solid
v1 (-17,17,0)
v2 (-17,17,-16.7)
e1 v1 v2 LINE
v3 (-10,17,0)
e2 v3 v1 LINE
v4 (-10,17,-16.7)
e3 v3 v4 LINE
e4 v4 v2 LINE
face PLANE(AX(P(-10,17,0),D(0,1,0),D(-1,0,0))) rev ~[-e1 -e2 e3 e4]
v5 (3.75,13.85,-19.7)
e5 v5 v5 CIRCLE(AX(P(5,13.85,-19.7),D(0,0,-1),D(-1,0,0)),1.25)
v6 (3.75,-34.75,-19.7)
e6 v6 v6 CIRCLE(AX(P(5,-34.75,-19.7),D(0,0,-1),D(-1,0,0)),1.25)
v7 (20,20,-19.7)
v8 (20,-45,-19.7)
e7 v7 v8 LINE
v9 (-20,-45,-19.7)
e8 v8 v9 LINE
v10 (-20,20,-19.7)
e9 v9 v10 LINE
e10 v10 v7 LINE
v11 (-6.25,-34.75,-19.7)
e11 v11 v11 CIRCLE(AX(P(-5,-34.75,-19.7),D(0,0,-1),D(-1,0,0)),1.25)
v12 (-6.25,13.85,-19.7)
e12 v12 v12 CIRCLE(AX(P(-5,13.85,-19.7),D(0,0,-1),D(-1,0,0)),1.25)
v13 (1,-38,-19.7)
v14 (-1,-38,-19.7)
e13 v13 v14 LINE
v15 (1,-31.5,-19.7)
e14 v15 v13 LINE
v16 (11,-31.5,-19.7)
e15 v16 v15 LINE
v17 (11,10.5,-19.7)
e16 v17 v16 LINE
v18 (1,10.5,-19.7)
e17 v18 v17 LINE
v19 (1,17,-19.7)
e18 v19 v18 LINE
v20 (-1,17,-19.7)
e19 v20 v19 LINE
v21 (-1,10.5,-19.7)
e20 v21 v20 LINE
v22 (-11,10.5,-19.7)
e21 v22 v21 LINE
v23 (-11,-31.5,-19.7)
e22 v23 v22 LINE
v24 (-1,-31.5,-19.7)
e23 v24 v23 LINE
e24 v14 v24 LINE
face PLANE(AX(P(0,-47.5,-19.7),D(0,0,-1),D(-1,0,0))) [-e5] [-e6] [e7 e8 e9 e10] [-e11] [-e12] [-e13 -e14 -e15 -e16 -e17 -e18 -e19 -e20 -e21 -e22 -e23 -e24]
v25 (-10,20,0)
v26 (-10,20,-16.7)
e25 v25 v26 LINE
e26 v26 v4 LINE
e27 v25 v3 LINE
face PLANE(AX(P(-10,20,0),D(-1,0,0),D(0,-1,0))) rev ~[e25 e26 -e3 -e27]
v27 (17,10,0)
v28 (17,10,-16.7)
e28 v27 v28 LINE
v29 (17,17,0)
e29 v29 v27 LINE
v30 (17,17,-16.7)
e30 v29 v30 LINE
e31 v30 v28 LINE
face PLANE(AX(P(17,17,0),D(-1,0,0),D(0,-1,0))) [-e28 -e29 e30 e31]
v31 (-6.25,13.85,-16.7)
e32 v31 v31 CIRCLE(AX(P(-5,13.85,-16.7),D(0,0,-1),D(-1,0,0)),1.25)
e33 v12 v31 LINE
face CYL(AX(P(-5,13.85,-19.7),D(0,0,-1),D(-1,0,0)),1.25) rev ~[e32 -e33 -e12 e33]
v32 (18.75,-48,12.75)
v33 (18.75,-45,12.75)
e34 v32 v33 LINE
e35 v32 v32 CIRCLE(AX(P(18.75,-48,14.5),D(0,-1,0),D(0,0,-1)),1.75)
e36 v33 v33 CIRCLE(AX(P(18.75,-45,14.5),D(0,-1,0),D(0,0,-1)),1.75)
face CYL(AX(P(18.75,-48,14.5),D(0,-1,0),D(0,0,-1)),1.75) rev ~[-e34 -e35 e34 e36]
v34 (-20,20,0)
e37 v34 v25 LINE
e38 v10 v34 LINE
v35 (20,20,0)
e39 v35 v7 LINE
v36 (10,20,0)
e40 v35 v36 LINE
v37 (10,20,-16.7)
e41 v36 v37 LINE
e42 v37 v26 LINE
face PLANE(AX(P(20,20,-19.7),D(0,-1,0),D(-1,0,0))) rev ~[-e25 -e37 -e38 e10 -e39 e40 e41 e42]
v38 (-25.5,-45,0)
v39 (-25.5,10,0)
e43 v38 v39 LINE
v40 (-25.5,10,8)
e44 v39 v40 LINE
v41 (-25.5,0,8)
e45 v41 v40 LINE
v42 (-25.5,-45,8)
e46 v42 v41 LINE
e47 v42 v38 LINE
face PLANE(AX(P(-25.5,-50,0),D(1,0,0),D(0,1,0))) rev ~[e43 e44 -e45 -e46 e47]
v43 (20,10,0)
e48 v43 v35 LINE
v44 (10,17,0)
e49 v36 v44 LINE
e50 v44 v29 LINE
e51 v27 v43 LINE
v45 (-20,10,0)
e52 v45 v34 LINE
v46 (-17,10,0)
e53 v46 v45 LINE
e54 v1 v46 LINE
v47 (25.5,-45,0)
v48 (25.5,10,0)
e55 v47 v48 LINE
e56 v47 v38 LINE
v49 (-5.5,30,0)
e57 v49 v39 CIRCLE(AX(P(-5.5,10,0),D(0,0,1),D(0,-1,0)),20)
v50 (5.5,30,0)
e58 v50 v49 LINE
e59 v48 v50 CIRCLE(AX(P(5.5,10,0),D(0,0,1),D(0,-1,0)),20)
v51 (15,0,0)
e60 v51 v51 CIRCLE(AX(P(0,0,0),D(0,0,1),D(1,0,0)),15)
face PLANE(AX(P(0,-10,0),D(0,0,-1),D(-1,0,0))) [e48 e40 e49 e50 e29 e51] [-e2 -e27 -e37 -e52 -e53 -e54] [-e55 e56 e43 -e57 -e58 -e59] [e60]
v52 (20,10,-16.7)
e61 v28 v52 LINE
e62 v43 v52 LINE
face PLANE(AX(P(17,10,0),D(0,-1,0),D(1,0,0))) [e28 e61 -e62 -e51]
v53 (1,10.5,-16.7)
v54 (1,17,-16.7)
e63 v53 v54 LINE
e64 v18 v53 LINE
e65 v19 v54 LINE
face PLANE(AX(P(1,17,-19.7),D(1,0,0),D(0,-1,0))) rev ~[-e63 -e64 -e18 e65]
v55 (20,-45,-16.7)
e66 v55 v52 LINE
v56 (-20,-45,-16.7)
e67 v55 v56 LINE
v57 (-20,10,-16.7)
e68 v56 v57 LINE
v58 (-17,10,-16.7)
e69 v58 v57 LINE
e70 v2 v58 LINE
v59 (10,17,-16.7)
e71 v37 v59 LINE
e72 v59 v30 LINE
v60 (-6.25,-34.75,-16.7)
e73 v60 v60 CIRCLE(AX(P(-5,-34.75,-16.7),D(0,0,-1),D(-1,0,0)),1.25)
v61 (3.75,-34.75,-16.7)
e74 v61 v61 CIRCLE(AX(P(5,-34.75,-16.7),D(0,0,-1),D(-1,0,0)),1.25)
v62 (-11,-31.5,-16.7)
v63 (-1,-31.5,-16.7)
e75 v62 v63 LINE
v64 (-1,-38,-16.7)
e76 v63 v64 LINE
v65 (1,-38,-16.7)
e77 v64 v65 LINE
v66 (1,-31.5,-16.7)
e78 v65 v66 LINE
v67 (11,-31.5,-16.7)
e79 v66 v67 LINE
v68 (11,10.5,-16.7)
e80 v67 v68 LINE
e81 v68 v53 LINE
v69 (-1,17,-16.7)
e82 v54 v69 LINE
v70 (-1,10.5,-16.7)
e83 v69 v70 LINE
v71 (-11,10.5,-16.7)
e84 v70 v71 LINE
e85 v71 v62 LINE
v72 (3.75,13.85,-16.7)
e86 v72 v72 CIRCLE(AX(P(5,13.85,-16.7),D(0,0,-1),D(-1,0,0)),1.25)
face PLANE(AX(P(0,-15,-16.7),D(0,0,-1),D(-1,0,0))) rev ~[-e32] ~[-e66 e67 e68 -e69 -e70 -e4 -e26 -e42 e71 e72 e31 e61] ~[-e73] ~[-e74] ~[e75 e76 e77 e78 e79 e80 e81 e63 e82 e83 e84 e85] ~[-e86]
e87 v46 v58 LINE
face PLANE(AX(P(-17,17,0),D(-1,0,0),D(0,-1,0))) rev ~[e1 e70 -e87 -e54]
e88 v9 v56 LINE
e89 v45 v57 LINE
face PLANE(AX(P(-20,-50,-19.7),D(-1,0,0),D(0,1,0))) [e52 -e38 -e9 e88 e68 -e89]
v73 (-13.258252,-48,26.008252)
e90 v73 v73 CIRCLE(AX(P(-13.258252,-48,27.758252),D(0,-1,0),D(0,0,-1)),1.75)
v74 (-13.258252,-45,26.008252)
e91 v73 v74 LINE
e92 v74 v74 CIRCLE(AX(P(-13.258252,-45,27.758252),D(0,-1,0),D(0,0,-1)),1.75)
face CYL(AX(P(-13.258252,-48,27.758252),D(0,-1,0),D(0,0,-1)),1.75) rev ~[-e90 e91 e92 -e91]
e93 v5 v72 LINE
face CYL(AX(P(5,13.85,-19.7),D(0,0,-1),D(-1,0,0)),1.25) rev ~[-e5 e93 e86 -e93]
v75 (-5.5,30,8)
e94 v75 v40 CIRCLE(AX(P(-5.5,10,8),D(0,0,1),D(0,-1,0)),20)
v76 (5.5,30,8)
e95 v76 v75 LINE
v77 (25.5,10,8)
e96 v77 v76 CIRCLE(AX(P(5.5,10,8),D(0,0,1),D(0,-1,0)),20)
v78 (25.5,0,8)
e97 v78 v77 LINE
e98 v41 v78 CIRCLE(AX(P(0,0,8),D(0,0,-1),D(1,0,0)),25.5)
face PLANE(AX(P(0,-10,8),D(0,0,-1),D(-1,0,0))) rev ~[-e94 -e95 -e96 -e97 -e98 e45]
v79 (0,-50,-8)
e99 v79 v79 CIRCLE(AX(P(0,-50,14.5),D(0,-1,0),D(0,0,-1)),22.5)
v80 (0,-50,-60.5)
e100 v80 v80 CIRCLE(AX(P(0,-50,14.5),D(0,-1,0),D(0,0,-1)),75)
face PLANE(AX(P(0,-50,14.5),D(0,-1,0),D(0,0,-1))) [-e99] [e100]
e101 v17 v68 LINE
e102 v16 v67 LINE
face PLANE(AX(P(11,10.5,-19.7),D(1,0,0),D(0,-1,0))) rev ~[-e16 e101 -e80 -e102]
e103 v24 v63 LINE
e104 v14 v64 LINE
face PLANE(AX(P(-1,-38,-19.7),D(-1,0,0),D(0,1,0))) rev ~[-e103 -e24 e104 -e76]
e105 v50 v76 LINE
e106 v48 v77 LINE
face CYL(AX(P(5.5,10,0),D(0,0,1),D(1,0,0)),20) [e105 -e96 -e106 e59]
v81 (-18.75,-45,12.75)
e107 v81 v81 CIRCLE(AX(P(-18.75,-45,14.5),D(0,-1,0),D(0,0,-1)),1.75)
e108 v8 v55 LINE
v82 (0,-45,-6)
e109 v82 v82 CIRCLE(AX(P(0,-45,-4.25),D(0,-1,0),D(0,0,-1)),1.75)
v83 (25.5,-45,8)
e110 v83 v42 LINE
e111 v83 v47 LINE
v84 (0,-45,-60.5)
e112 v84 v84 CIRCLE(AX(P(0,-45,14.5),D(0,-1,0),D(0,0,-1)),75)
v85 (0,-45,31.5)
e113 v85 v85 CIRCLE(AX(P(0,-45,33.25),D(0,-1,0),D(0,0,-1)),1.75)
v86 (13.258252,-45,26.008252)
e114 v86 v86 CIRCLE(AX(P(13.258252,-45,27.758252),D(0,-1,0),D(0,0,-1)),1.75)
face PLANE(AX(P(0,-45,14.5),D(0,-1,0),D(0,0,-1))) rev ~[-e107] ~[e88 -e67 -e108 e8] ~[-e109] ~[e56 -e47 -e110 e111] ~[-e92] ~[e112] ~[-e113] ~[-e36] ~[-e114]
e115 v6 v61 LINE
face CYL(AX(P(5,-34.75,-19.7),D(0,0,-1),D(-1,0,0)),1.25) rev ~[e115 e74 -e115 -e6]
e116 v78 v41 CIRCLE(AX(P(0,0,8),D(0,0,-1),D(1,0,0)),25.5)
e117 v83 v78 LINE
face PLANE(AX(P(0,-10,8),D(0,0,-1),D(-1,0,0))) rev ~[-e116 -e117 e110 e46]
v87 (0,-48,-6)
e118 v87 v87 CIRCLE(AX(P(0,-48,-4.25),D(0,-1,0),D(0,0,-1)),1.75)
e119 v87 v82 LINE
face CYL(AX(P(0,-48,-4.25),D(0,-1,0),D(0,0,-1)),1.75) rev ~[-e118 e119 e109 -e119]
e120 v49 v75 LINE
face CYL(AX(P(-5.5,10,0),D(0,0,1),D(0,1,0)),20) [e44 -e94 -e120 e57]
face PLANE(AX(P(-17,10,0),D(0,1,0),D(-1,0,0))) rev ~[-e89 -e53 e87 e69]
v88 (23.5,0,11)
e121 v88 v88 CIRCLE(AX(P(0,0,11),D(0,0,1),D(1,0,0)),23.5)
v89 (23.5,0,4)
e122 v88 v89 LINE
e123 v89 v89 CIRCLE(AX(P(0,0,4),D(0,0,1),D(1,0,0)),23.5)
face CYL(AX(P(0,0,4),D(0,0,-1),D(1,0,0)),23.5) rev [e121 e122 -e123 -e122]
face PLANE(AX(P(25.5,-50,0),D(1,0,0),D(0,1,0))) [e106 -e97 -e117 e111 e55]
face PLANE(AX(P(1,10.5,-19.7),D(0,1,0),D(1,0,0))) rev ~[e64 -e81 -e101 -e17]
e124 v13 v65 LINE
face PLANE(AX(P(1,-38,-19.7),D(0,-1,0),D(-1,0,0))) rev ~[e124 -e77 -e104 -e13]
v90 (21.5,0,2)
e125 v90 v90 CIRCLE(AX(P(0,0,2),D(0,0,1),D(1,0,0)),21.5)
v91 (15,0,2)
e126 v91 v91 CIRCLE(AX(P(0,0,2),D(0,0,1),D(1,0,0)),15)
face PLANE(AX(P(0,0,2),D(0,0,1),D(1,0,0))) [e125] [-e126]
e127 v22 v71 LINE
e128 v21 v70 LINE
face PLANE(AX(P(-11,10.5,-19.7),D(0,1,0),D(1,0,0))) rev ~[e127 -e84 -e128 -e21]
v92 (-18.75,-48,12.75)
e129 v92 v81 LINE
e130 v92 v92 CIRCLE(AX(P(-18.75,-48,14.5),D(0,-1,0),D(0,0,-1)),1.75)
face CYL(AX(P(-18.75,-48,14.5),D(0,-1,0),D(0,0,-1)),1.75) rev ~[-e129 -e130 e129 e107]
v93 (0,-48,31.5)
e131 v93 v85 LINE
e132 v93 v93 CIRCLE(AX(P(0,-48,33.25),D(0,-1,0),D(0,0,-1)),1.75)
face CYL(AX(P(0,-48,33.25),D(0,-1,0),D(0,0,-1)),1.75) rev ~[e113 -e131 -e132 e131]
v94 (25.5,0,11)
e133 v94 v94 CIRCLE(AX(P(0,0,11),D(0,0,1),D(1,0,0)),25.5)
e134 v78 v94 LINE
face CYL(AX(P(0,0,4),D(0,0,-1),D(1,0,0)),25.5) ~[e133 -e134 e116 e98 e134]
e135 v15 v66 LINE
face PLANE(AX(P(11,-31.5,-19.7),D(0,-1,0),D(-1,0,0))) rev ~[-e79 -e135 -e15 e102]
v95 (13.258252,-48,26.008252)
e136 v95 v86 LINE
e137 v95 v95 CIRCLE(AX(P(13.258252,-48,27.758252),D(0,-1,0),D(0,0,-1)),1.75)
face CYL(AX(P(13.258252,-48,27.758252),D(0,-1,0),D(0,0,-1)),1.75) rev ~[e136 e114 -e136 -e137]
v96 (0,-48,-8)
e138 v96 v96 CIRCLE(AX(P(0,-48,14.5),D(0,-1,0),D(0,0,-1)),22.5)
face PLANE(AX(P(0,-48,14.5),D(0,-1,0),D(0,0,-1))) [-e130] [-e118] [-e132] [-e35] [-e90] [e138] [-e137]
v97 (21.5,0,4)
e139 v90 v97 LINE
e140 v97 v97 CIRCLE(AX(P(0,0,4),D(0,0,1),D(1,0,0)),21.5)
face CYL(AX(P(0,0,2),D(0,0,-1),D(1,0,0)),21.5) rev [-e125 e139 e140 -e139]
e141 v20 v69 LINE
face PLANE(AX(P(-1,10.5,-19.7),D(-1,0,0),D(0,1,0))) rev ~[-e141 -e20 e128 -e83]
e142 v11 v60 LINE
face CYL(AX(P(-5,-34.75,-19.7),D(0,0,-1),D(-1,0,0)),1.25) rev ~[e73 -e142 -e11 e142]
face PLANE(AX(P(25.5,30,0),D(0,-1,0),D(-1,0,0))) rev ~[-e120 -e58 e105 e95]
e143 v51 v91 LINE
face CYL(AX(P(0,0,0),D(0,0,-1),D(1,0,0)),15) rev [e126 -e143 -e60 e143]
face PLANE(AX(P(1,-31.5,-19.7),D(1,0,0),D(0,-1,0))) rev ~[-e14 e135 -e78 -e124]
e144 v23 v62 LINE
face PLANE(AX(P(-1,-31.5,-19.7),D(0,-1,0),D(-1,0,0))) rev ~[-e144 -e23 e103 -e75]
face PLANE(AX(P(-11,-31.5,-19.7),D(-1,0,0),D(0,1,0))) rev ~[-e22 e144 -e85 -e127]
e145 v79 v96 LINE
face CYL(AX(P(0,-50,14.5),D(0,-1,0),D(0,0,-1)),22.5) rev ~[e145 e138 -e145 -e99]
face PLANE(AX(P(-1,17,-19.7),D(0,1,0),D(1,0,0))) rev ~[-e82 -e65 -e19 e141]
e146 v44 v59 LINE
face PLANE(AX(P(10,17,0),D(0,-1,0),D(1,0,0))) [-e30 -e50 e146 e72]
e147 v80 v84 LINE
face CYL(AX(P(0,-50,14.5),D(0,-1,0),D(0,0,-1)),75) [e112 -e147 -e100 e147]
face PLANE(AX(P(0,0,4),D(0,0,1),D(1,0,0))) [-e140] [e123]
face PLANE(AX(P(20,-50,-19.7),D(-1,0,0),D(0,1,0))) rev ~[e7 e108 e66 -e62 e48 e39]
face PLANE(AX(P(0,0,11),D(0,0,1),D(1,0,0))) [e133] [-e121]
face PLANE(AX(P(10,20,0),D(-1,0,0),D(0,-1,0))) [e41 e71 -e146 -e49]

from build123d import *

# Parameters (mm, degrees)
SKETCH_1_R          = 25.5
SKETCH_1_R_2        = 15
EXTRUDE_1_DEPTH     = 2
SKETCH_2_R          = 25.5
SKETCH_2_R_2        = 21.5
EXTRUDE_2_DEPTH     = 2
SKETCH_3_R          = 25.5
SKETCH_3_R_2        = 23.5
EXTRUDE_3_DEPTH     = 7
SKETCH_4_W          = 51
SKETCH_4_H          = 80
SKETCH_4_R          = 23.5
EXTRUDE_4_DEPTH     = 8
FILLET_1_R          = 20
SKETCH_5_W          = 51
SKETCH_5_H          = 5
EXTRUDE_5_DEPTH     = 19.7
SKETCH_6_W          = 40
SKETCH_6_H          = 70
EXTRUDE_6_DEPTH     = 3
CUT_EXTRUDE_1_REACH = 65.975
SKETCH_7_R          = 1.25
SKETCH_8_R          = 75
EXTRUDE_7_DEPTH     = 5
SKETCH_9_R          = 22.5
CUT_EXTRUDE_2_DEPTH = 2
CUT_EXTRUDE_3_REACH = 142.425
SKETCH_10_R         = 1.75


with BuildPart() as part:
    # 스케치1 → 보스-돌출1 (new body)
    with BuildSketch(Plane.XY):
        Circle(SKETCH_1_R)
        Circle(SKETCH_1_R_2, mode=Mode.SUBTRACT)
    extrude(amount=EXTRUDE_1_DEPTH)

    # 스케치2 → 보스-돌출2 (add)
    with BuildSketch(Plane.XY.offset(2)):
        Circle(SKETCH_2_R)
        Circle(SKETCH_2_R_2, mode=Mode.SUBTRACT)
    extrude(amount=EXTRUDE_2_DEPTH)

    # 스케치3 → 보스-돌출3 (add)
    with BuildSketch(Plane.XY.offset(4)):
        Circle(SKETCH_3_R)
        Circle(SKETCH_3_R_2, mode=Mode.SUBTRACT)
    extrude(amount=EXTRUDE_3_DEPTH)

    # 스케치4 → 보스-돌출4 (add)
    with BuildSketch(Plane(origin=(0, 0, 0), x_dir=(-1, 0, 0), z_dir=(0, 0, -1))):
        with Locations((0, -10)):
            Rectangle(SKETCH_4_W, SKETCH_4_H)
        with Locations(Location((0, 0, 0), (0, 0, 180))):
            Circle(SKETCH_4_R, mode=Mode.SUBTRACT)
    extrude(amount=-EXTRUDE_4_DEPTH)

    # 필렛1
    fillet_1_edges = [part.edges().sort_by_distance(p)[0] for p in [
        (-25.5, 30, 4),
        (25.5, 30, 4),
    ]]
    fillet(fillet_1_edges, radius=FILLET_1_R)

    # 스케치5 → 보스-돌출5 (add)
    with BuildSketch(Plane(origin=(0, 0, 0), x_dir=(-1, 0, 0), z_dir=(0, 0, -1))):
        Polygon((-20, 20), (-10, 20), (-10, 17), (-17, 17), (-17, 10), (-20, 10), align=None)
        Polygon((20, 20), (10, 20), (10, 17), (17, 17), (17, 10), (20, 10), align=None)
        with Locations((0, -47.5)):
            Rectangle(SKETCH_5_W, SKETCH_5_H)
    extrude(amount=EXTRUDE_5_DEPTH)

    # 스케치6 → 보스-돌출6 (add)
    with BuildSketch(Plane(origin=(0, 0, -19.7), x_dir=(-1, 0, 0), z_dir=(0, 0, -1))):
        with Locations((0, -15)):
            Rectangle(SKETCH_6_W, SKETCH_6_H)
    extrude(amount=-EXTRUDE_6_DEPTH)

    # 스케치7 → 컷-돌출1 (cut, up to next)
    with BuildSketch(Plane(origin=(0, 0, -19.7), x_dir=(-1, 0, 0), z_dir=(0, 0, -1)), mode=Mode.PRIVATE) as cut_extrude_1_sk1:
        with Locations((-5, 13.85)):
            Circle(SKETCH_7_R)
    cut_extrude_1_tool1 = extrude(cut_extrude_1_sk1.sketch, amount=-CUT_EXTRUDE_1_REACH, mode=Mode.PRIVATE) & part.part
    # 스케치7 → 컷-돌출1 (cut, up to next)
    with BuildSketch(Plane(origin=(0, 0, -19.7), x_dir=(-1, 0, 0), z_dir=(0, 0, -1)), mode=Mode.PRIVATE) as cut_extrude_1_sk2:
        with Locations((5, 13.85)):
            Circle(SKETCH_7_R)
    cut_extrude_1_tool2 = extrude(cut_extrude_1_sk2.sketch, amount=-CUT_EXTRUDE_1_REACH, mode=Mode.PRIVATE) & part.part
    # 스케치7 → 컷-돌출1 (cut, up to next)
    with BuildSketch(Plane(origin=(0, 0, -19.7), x_dir=(-1, 0, 0), z_dir=(0, 0, -1)), mode=Mode.PRIVATE) as cut_extrude_1_sk3:
        with Locations((5, -34.75)):
            Circle(SKETCH_7_R)
    cut_extrude_1_tool3 = extrude(cut_extrude_1_sk3.sketch, amount=-CUT_EXTRUDE_1_REACH, mode=Mode.PRIVATE) & part.part
    # 스케치7 → 컷-돌출1 (cut, up to next)
    with BuildSketch(Plane(origin=(0, 0, -19.7), x_dir=(-1, 0, 0), z_dir=(0, 0, -1)), mode=Mode.PRIVATE) as cut_extrude_1_sk4:
        with Locations((-5, -34.75)):
            Circle(SKETCH_7_R)
    cut_extrude_1_tool4 = extrude(cut_extrude_1_sk4.sketch, amount=-CUT_EXTRUDE_1_REACH, mode=Mode.PRIVATE) & part.part
    # 스케치7 → 컷-돌출1 (cut, up to next)
    with BuildSketch(Plane(origin=(0, 0, -19.7), x_dir=(-1, 0, 0), z_dir=(0, 0, -1)), mode=Mode.PRIVATE) as cut_extrude_1_sk5:
        Polygon((-11, -31.5), (-1, -31.5), (-1, -38), (1, -38), (1, -31.5), (11, -31.5), (11, 10.5), (1, 10.5), (1, 17), (-1, 17), (-1, 10.5), (-11, 10.5), align=None)
    cut_extrude_1_tool5 = extrude(cut_extrude_1_sk5.sketch, amount=-CUT_EXTRUDE_1_REACH, mode=Mode.PRIVATE) & part.part
    add(cut_extrude_1_tool1.solids().sort_by_distance((5, 13.85, -19.7))[0], mode=Mode.SUBTRACT)
    add(cut_extrude_1_tool2.solids().sort_by_distance((-5, 13.85, -19.7))[0], mode=Mode.SUBTRACT)
    add(cut_extrude_1_tool3.solids().sort_by_distance((-5, -34.75, -19.7))[0], mode=Mode.SUBTRACT)
    add(cut_extrude_1_tool4.solids().sort_by_distance((5, -34.75, -19.7))[0], mode=Mode.SUBTRACT)
    add(cut_extrude_1_tool5.solids().sort_by_distance((0, -10.5, -19.7))[0], mode=Mode.SUBTRACT)

    # 스케치8 → 보스-돌출7 (add)
    with BuildSketch(Plane.XZ.offset(50)):
        with Locations(Location((0, 14.5, 0), (0, 0, 270))):
            Circle(SKETCH_8_R)
    extrude(amount=-EXTRUDE_7_DEPTH)

    # 스케치9 → 컷-돌출2 (cut)
    with BuildSketch(Plane.XZ.offset(50)):
        with Locations(Location((0, 14.5, 0), (0, 0, 270))):
            Circle(SKETCH_9_R)
    extrude(amount=-CUT_EXTRUDE_2_DEPTH, mode=Mode.SUBTRACT)

    # 스케치10 → 컷-돌출3 (cut, up to next)
    with BuildSketch(Plane.XZ.offset(48), mode=Mode.PRIVATE) as cut_extrude_3_sk1:
        with Locations(Location((0, 33.25, 0), (0, 0, 270))):
            Circle(SKETCH_10_R)
    cut_extrude_3_tool1 = extrude(cut_extrude_3_sk1.sketch, amount=-CUT_EXTRUDE_3_REACH, mode=Mode.PRIVATE) & part.part
    # 스케치10 → 컷-돌출3 (cut, up to next)
    with BuildSketch(Plane.XZ.offset(48), mode=Mode.PRIVATE) as cut_extrude_3_sk2:
        with Locations(Location((13.258252147, 27.758252147, 0), (0, 0, 270))):
            Circle(SKETCH_10_R)
    cut_extrude_3_tool2 = extrude(cut_extrude_3_sk2.sketch, amount=-CUT_EXTRUDE_3_REACH, mode=Mode.PRIVATE) & part.part
    # 스케치10 → 컷-돌출3 (cut, up to next)
    with BuildSketch(Plane.XZ.offset(48), mode=Mode.PRIVATE) as cut_extrude_3_sk3:
        with Locations(Location((18.75, 14.5, 0), (0, 0, 270))):
            Circle(SKETCH_10_R)
    cut_extrude_3_tool3 = extrude(cut_extrude_3_sk3.sketch, amount=-CUT_EXTRUDE_3_REACH, mode=Mode.PRIVATE) & part.part
    # 스케치10 → 컷-돌출3 (cut, up to next)
    with BuildSketch(Plane.XZ.offset(48), mode=Mode.PRIVATE) as cut_extrude_3_sk4:
        with Locations(Location((0, -4.25, 0), (0, 0, 270))):
            Circle(SKETCH_10_R)
    cut_extrude_3_tool4 = extrude(cut_extrude_3_sk4.sketch, amount=-CUT_EXTRUDE_3_REACH, mode=Mode.PRIVATE) & part.part
    # 스케치10 → 컷-돌출3 (cut, up to next)
    with BuildSketch(Plane.XZ.offset(48), mode=Mode.PRIVATE) as cut_extrude_3_sk5:
        with Locations(Location((-18.75, 14.5, 0), (0, 0, 270))):
            Circle(SKETCH_10_R)
    cut_extrude_3_tool5 = extrude(cut_extrude_3_sk5.sketch, amount=-CUT_EXTRUDE_3_REACH, mode=Mode.PRIVATE) & part.part
    # 스케치10 → 컷-돌출3 (cut, up to next)
    with BuildSketch(Plane.XZ.offset(48), mode=Mode.PRIVATE) as cut_extrude_3_sk6:
        with Locations(Location((-13.258252147, 27.758252147, 0), (0, 0, 270))):
            Circle(SKETCH_10_R)
    cut_extrude_3_tool6 = extrude(cut_extrude_3_sk6.sketch, amount=-CUT_EXTRUDE_3_REACH, mode=Mode.PRIVATE) & part.part
    add(cut_extrude_3_tool1.solids().sort_by_distance((0, -48, 33.25))[0], mode=Mode.SUBTRACT)
    add(cut_extrude_3_tool2.solids().sort_by_distance((13.258252, -48, 27.758252))[0], mode=Mode.SUBTRACT)
    add(cut_extrude_3_tool3.solids().sort_by_distance((18.75, -48, 14.5))[0], mode=Mode.SUBTRACT)
    add(cut_extrude_3_tool4.solids().sort_by_distance((0, -48, -4.25))[0], mode=Mode.SUBTRACT)
    add(cut_extrude_3_tool5.solids().sort_by_distance((-18.75, -48, 14.5))[0], mode=Mode.SUBTRACT)
    add(cut_extrude_3_tool6.solids().sort_by_distance((-13.258252, -48, 27.758252))[0], mode=Mode.SUBTRACT)


solid = part.part
